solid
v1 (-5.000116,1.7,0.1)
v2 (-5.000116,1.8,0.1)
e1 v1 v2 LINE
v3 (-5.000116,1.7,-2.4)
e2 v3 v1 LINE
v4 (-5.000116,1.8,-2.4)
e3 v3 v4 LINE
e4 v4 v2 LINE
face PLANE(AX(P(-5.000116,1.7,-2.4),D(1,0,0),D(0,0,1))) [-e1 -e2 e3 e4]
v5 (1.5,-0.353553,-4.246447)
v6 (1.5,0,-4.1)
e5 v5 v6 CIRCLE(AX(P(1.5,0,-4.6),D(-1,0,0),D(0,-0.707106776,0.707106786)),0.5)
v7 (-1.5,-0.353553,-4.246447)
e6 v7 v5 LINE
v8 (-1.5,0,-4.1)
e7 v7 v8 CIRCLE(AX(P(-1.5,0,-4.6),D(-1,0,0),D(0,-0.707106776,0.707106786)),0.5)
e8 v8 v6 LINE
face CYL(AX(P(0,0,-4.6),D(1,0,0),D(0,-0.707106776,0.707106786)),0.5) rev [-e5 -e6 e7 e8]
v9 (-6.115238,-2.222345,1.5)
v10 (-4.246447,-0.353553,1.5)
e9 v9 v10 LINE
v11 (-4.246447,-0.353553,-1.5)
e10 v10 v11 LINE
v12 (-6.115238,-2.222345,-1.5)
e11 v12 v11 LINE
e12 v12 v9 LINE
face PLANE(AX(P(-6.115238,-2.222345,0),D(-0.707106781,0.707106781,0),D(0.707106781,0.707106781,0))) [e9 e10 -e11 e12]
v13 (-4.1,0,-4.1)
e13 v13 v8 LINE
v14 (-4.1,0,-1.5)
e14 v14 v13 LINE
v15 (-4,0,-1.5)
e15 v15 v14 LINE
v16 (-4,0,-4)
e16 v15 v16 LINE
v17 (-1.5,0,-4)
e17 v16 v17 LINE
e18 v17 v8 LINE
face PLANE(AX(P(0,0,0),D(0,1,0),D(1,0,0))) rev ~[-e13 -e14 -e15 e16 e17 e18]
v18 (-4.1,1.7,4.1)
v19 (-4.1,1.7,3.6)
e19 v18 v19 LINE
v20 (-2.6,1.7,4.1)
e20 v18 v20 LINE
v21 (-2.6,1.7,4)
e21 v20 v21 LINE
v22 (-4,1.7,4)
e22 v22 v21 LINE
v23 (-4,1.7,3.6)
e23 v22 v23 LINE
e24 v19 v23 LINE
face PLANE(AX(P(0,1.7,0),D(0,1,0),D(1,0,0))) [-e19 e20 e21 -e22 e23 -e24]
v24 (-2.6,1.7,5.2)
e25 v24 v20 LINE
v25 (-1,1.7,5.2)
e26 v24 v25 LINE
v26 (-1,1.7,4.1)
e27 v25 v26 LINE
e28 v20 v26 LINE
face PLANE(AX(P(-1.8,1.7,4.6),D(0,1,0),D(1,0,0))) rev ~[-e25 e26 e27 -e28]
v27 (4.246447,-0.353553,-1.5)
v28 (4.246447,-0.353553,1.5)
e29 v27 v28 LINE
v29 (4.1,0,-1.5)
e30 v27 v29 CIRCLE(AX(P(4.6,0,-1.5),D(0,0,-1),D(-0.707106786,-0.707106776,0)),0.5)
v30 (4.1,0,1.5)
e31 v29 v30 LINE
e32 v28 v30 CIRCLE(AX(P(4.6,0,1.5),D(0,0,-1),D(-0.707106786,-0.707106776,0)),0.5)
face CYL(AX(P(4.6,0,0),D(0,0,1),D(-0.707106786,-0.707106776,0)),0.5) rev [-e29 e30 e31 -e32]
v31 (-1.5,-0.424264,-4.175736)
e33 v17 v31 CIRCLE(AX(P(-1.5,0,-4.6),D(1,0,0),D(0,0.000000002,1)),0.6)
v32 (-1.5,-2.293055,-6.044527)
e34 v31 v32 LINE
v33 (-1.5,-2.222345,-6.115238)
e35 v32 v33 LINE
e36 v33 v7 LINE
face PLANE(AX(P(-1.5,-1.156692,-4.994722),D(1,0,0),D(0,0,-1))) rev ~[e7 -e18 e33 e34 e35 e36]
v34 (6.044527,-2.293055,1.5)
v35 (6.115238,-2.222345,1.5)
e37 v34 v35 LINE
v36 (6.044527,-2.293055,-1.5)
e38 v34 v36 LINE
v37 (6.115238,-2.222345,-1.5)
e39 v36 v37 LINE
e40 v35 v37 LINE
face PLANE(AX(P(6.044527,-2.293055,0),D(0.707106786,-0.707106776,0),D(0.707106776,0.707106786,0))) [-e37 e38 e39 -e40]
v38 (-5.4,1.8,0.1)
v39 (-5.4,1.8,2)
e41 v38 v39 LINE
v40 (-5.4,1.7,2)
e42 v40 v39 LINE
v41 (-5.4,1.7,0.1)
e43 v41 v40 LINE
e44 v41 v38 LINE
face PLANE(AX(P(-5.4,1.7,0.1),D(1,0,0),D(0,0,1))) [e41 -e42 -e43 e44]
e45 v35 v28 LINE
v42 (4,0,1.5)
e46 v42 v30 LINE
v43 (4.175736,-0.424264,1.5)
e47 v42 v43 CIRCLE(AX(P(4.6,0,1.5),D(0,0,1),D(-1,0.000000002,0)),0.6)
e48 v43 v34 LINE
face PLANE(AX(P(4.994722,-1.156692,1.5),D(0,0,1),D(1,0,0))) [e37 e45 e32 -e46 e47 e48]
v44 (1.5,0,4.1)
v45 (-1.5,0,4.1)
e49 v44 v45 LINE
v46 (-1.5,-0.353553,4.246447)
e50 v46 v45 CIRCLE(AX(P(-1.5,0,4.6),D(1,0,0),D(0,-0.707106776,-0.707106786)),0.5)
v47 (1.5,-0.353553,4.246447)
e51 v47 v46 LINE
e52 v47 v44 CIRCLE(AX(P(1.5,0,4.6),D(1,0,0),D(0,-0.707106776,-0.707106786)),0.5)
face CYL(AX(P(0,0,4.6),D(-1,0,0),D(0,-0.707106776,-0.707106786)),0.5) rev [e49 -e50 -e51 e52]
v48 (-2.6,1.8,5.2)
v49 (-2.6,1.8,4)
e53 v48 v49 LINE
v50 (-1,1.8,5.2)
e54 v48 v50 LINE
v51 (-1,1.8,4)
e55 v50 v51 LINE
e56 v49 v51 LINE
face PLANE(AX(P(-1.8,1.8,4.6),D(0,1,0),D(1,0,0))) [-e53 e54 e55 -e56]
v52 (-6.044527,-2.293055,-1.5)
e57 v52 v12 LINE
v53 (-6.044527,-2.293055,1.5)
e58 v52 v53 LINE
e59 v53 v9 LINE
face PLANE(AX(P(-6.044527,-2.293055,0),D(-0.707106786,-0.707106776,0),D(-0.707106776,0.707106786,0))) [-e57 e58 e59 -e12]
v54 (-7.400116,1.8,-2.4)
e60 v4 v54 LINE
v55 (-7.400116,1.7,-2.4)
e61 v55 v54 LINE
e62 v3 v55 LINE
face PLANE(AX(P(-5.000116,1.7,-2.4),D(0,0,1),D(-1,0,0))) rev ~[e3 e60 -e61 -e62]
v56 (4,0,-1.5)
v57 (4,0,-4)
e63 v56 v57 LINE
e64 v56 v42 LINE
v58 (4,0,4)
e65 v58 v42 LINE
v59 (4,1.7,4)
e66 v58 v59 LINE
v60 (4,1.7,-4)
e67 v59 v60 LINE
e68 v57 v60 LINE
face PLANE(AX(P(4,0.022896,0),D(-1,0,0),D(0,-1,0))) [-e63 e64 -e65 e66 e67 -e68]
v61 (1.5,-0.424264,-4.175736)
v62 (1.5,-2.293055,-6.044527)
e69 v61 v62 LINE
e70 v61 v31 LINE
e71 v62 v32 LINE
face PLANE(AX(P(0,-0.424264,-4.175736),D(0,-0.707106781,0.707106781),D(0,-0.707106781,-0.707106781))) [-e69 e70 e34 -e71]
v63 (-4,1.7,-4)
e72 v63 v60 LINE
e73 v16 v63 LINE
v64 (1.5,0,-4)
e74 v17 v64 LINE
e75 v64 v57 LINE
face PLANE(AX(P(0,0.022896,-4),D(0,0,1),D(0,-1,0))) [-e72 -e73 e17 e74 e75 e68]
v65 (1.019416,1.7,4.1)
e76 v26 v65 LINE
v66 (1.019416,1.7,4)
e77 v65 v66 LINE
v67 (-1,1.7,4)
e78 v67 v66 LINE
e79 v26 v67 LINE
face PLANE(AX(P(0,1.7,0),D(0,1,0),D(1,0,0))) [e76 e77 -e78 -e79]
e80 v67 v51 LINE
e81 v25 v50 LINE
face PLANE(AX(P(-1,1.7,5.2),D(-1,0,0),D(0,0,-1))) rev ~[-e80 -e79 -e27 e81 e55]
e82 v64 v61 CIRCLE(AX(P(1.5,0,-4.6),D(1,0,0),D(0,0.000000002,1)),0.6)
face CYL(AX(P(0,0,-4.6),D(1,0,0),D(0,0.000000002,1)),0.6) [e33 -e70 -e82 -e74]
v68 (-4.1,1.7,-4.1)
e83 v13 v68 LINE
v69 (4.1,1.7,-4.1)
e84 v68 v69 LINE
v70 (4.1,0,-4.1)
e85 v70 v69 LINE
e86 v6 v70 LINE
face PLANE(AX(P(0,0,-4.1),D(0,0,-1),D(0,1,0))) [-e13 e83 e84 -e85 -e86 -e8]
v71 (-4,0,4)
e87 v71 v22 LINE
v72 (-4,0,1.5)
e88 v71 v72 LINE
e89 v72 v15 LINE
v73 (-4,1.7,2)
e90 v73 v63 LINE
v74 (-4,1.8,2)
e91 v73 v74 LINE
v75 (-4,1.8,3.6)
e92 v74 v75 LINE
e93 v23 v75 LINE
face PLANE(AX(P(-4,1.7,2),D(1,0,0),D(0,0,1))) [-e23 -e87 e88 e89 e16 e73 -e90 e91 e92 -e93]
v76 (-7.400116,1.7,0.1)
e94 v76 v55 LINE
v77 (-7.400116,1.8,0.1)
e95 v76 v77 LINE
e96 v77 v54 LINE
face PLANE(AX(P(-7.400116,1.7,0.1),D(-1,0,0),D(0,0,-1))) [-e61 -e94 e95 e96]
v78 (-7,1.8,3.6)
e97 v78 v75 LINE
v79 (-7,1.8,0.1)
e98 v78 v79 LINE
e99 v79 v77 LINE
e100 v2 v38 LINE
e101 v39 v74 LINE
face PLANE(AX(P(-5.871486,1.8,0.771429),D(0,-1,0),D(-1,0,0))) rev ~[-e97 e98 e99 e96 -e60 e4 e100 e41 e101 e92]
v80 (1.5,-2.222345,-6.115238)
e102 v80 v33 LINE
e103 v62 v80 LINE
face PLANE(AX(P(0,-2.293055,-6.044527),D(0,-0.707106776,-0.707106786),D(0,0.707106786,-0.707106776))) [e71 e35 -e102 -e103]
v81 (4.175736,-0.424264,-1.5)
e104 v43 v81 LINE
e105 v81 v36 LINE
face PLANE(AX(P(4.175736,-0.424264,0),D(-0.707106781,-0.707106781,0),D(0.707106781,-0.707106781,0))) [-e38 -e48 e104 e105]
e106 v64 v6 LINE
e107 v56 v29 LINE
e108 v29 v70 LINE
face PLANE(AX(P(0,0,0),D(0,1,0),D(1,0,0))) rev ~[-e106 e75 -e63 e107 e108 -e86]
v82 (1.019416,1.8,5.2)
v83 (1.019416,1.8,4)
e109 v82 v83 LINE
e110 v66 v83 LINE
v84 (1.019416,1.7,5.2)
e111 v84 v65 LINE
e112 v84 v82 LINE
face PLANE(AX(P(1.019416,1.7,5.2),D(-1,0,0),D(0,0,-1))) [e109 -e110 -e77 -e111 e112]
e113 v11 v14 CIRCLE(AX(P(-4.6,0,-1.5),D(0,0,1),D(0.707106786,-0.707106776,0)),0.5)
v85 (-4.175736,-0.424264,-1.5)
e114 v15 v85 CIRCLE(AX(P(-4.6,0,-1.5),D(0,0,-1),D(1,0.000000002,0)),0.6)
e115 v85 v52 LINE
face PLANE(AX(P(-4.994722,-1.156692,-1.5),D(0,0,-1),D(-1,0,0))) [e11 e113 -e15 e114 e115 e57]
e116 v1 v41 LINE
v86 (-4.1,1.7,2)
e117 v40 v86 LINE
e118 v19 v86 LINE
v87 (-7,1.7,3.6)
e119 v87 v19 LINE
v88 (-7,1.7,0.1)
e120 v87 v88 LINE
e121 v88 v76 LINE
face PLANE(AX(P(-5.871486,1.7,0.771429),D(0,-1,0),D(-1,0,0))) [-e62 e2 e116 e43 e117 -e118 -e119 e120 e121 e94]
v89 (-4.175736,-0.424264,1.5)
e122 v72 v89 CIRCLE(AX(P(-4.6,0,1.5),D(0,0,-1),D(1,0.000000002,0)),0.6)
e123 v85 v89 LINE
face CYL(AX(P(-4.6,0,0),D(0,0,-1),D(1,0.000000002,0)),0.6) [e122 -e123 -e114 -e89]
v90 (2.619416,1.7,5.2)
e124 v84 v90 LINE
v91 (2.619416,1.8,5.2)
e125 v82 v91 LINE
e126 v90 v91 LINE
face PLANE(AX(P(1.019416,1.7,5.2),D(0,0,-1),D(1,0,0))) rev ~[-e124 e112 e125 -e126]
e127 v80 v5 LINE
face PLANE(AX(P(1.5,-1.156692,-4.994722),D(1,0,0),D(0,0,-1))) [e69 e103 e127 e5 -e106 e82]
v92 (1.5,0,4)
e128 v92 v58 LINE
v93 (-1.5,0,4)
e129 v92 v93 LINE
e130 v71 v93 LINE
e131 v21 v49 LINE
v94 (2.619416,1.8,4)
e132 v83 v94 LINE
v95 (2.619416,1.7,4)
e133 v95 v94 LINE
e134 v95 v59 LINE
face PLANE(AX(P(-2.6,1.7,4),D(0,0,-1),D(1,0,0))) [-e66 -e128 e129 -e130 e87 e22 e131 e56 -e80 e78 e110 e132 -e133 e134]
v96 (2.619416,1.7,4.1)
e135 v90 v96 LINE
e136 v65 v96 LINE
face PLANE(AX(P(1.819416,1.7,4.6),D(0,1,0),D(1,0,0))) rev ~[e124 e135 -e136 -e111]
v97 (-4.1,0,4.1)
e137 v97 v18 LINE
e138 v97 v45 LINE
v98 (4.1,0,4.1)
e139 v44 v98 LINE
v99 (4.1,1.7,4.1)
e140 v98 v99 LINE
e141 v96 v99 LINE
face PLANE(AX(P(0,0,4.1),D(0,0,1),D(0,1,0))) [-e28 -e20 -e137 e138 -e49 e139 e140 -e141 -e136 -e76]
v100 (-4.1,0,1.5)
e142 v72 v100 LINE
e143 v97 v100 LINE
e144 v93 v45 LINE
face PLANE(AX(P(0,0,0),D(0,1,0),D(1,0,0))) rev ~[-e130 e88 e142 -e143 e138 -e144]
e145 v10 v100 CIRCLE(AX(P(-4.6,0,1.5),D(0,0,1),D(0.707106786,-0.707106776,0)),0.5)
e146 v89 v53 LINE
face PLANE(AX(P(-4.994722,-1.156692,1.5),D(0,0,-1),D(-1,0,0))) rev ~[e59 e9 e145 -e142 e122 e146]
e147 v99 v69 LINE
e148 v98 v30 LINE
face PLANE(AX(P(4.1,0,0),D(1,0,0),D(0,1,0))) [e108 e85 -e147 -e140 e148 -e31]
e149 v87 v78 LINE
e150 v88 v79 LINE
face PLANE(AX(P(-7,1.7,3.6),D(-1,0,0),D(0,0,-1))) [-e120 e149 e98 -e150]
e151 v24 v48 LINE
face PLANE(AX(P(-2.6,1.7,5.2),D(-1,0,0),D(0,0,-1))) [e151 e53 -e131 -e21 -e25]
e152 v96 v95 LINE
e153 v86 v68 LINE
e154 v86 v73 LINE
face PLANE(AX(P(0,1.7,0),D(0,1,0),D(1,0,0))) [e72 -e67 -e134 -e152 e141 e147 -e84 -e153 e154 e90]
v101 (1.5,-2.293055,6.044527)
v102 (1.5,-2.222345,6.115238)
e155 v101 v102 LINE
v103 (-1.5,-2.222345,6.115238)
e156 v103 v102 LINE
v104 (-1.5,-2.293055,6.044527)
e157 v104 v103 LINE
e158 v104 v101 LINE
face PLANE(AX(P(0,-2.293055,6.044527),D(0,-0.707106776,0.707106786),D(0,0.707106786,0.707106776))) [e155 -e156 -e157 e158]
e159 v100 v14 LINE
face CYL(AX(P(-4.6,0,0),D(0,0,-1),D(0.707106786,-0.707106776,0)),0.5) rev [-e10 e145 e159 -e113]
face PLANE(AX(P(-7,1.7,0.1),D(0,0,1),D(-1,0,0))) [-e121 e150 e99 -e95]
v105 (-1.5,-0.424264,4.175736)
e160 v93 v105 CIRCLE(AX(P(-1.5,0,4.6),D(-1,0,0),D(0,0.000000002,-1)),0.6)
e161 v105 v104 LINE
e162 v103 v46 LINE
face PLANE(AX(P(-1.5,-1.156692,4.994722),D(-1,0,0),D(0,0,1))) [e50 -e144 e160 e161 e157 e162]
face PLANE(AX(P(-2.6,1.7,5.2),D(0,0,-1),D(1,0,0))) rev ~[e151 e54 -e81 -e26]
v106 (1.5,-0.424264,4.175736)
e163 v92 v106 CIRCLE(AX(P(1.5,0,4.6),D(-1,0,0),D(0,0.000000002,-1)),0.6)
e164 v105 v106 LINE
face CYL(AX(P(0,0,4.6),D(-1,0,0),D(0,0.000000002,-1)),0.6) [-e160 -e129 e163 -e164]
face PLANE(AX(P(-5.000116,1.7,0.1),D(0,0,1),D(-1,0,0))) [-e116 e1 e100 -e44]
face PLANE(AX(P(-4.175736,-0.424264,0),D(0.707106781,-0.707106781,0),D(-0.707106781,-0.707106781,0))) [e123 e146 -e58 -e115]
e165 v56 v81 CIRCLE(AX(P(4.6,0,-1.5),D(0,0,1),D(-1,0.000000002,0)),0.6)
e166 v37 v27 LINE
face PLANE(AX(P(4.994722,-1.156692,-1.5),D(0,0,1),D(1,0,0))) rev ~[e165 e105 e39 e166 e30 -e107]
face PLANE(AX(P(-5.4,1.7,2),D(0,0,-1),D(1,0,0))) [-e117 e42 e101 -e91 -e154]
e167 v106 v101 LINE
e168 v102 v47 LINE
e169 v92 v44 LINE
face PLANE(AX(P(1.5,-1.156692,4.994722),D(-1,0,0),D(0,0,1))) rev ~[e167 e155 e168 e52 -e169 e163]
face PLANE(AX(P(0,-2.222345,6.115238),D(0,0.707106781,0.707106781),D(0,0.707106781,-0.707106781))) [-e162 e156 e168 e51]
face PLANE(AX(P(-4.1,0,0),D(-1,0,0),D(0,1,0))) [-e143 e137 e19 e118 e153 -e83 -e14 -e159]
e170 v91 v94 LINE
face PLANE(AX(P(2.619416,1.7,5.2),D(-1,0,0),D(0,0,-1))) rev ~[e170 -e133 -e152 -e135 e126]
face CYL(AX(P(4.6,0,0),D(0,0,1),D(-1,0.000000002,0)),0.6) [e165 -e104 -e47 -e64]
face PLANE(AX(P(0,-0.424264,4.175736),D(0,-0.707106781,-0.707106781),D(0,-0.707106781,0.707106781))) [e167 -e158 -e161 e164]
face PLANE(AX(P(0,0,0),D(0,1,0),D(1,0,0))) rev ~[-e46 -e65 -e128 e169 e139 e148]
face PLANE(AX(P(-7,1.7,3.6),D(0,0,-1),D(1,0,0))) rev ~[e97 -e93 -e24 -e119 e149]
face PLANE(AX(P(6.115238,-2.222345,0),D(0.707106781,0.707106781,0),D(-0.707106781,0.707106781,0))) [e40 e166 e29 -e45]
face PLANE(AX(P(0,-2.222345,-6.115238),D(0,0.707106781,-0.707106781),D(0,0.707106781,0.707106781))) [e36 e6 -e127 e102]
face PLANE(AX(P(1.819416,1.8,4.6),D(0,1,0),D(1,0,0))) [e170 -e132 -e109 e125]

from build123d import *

# Parameters (mm, degrees)
SKETCH1_W           = 8.2
SKETCH1_H           = 8.2
SKETCH1_W_2         = 8
SKETCH1_H_2         = 8
BOSS_EXTRUDE1_DEPTH = 1.7
BOSS_EXTRUDE2_DEPTH = 1.5
CIRPATTERN1_COUNT   = 4
BOSS_EXTRUDE3_DEPTH = 0.1
SKETCH4_W           = 1.6
SKETCH4_H           = 1.2
BOSS_EXTRUDE4_DEPTH = 0.1


with BuildPart() as part:
    # Sketch1 → Boss-Extrude1 (new body)
    with BuildSketch(Plane(origin=(0, 0, 0), x_dir=(1, 0, 0), z_dir=(0, 1, 0))):
        Rectangle(SKETCH1_W, SKETCH1_H)
        Rectangle(SKETCH1_W_2, SKETCH1_H_2, mode=Mode.SUBTRACT)
    extrude(amount=BOSS_EXTRUDE1_DEPTH)

    # Sketch2 → Boss-Extrude2 (add, symmetric)
    with BuildSketch(Plane.ZY):
        with BuildLine():
            Line((6.115237938, -2.222344719), (4.246446609, -0.353553391))
            ThreePointArc((4.246446609, -0.353553391), (4.138060234, -0.191341716), (4.1, 0))
            Line((4.1, 0), (4.1, 0.022895615))
            Line((4.1, 0.022895615), (4, 0.022895615))
            Line((4, 0.022895615), (4, 0))
            ThreePointArc((4, 0), (4.04567228, -0.229610059), (4.175735931, -0.424264069))
            Line((4.175735931, -0.424264069), (6.04452726, -2.293055398))
            Line((6.04452726, -2.293055398), (6.115237938, -2.222344719))
        make_face()
    boss_extrude2 = extrude(amount=BOSS_EXTRUDE2_DEPTH, both=True)

    # CirPattern1: Boss-Extrude2 ×4 about axis
    cirpattern1_axis = Axis((0, 0, 0), (0, 1, 0))
    for i in range(1, CIRPATTERN1_COUNT):
        add(boss_extrude2.rotate(cirpattern1_axis, i * 360 / CIRPATTERN1_COUNT))

    # Sketch3 → Boss-Extrude3 (add)
    with BuildSketch(Plane(origin=(0, 1.7, 0), x_dir=(1, 0, 0), z_dir=(0, 1, 0))):
        Polygon((-4, -3.6), (-5.4, -3.6), (-7, -3.6), (-7, -0.1), (-7.400115841, -0.1), (-7.400115841, 2.4), (-7, 2.4), (-5.4, 2.4), (-5.000115841, 2.4), (-5.000115841, -0.1), (-5.4, -0.1), (-5.4, -2), (-4, -2), align=None)
    extrude(amount=BOSS_EXTRUDE3_DEPTH)

    # Sketch4 → Boss-Extrude4 (add)
    with BuildSketch(Plane(origin=(0, 1.7, 0), x_dir=(1, 0, 0), z_dir=(0, 1, 0))):
        with Locations((-1.8, -4.6)):
            Rectangle(SKETCH4_W, SKETCH4_H)
        with Locations((1.819415949, -4.6)):
            Rectangle(SKETCH4_W, SKETCH4_H)
    extrude(amount=BOSS_EXTRUDE4_DEPTH)


solid = part.part
